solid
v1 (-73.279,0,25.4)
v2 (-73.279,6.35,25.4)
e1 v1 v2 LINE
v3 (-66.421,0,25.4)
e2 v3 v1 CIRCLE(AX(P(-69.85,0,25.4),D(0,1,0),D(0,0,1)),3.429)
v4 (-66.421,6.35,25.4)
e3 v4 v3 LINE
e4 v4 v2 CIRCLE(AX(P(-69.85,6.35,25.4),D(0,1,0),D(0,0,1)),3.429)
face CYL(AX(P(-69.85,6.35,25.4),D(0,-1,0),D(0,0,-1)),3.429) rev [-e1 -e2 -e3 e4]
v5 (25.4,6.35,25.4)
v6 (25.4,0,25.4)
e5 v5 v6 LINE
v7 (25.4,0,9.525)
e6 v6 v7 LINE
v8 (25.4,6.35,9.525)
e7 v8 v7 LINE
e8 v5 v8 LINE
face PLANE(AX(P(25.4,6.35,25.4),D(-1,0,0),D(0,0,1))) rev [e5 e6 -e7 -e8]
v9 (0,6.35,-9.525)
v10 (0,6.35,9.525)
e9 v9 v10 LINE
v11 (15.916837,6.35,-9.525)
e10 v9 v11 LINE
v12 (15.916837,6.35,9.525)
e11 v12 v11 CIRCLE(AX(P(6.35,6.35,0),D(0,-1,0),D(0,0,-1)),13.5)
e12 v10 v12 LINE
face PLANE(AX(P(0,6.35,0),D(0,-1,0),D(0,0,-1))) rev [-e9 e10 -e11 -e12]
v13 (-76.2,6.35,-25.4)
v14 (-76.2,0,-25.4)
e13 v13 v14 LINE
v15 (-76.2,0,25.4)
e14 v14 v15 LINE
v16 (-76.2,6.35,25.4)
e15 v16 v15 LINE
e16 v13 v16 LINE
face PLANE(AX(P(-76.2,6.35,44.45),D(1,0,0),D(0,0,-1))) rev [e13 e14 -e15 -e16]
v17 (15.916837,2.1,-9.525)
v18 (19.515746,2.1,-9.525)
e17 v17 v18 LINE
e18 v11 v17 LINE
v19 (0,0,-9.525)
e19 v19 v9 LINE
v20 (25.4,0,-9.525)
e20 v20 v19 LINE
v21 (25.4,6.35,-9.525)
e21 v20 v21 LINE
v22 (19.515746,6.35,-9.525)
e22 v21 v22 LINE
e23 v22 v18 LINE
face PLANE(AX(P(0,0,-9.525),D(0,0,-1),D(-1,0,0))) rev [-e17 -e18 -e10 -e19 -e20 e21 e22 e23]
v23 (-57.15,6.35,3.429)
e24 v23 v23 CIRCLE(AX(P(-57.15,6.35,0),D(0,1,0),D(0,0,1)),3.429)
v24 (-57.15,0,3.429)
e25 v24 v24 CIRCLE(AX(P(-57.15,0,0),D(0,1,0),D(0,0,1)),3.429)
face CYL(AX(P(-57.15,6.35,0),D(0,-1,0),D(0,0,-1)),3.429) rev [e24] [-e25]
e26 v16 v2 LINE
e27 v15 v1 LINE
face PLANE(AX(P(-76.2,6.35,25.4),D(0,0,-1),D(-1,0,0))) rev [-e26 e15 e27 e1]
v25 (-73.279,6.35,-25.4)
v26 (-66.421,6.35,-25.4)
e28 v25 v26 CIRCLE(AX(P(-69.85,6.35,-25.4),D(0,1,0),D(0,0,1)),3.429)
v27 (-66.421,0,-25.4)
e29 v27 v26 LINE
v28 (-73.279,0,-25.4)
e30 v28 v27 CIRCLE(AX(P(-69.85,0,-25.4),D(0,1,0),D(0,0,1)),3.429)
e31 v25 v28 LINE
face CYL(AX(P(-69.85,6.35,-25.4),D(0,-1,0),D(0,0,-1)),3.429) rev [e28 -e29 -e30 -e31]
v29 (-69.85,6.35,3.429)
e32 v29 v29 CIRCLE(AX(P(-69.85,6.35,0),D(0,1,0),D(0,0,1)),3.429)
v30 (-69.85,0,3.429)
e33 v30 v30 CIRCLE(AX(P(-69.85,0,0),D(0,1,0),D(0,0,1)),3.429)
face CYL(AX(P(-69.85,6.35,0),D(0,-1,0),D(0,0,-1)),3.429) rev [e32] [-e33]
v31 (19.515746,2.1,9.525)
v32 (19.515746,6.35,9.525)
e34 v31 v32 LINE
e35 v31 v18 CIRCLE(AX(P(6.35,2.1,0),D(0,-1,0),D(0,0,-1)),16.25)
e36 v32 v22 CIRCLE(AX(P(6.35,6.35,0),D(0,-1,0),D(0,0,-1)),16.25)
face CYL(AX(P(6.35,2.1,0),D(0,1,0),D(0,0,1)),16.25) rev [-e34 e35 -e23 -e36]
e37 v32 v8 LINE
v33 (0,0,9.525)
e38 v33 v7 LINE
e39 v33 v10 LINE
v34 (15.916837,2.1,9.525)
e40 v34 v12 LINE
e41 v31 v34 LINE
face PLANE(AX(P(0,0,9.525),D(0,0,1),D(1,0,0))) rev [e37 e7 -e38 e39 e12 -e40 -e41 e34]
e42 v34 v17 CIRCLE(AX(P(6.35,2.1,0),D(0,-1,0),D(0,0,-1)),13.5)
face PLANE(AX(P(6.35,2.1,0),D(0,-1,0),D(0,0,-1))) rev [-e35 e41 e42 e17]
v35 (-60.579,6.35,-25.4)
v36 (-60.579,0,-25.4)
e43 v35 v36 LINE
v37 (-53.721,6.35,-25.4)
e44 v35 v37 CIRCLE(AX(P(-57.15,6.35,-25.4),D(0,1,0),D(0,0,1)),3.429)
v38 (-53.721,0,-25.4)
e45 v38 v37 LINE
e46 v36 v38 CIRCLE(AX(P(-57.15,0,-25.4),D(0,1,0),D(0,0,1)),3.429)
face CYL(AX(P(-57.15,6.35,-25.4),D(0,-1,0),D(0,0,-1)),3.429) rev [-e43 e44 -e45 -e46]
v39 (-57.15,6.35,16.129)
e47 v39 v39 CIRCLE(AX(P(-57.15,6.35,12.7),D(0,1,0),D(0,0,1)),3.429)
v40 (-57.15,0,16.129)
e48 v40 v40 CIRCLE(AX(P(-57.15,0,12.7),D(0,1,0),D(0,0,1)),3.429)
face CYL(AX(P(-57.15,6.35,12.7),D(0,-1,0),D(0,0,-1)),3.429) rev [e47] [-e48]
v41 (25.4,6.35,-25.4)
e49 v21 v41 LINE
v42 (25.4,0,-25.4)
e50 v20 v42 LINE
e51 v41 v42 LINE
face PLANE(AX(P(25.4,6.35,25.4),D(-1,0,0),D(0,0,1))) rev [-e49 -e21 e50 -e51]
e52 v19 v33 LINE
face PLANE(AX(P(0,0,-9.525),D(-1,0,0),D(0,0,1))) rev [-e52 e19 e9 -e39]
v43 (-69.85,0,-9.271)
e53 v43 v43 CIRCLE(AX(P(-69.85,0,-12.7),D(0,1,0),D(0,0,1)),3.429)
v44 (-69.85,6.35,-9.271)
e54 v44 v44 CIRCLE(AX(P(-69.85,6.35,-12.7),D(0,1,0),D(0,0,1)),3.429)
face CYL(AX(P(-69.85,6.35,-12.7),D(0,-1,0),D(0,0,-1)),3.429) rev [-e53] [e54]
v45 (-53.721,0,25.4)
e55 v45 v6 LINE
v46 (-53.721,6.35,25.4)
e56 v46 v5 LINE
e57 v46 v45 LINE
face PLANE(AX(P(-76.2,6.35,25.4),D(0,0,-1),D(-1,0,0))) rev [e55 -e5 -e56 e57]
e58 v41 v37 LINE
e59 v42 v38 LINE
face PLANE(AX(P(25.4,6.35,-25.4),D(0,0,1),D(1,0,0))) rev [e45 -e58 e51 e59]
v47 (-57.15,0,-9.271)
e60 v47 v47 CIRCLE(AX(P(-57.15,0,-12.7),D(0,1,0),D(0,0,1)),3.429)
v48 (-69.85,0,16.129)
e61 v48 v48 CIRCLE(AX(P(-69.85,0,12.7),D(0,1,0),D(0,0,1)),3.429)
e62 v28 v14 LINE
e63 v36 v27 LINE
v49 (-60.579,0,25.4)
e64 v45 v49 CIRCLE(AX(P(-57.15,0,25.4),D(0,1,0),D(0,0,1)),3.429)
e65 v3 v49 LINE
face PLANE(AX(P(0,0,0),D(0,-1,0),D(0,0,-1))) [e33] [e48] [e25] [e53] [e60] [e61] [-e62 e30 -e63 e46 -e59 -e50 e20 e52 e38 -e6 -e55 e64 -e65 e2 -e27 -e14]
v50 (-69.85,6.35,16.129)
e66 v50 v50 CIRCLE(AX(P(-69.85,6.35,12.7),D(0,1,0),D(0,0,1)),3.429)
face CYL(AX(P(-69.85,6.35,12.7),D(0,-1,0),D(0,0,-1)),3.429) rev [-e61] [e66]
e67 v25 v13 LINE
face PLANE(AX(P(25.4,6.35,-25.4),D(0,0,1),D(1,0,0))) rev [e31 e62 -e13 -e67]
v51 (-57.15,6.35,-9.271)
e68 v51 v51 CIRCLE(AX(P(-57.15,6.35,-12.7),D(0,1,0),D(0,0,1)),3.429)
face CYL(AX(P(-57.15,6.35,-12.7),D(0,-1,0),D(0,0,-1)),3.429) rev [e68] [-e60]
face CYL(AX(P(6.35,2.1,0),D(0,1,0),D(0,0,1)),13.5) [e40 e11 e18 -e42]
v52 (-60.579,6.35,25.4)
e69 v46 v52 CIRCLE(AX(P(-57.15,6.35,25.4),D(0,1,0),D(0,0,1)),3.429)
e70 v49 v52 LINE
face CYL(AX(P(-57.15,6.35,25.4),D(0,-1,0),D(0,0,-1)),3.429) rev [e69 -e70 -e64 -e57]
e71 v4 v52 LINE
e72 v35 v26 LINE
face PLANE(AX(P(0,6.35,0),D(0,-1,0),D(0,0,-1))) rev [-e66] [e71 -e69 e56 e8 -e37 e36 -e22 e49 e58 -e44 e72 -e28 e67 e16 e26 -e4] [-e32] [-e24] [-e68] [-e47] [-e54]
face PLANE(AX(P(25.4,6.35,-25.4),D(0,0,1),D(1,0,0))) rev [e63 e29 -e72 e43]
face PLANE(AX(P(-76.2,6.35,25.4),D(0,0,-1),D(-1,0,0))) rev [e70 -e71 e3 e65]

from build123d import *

# Parameters (mm, degrees)
SKETCH1_W           = 152.4
SKETCH1_H           = 88.9
SKETCH1_R           = 3.429
BOSS_EXTRUDE1_DEPTH = 6.35
CUT_EXTRUDE3_START  = 6.35
SKETCH2_R           = 16.25
SKETCH2_R_2         = 13.5
CUT_EXTRUDE3_DEPTH  = 4.25
SKETCH3_W           = 76.2
SKETCH3_H           = 19.05
CUT_EXTRUDE4_DEPTH  = 89.44526556
SKETCH4_OUTSIDE_W   = 189.71
SKETCH4_OUTSIDE_H   = 126.21
SKETCH4_OUTSIDE_W_2 = 101.6
SKETCH4_OUTSIDE_H_2 = 50.8
CUT_EXTRUDE6_DEPTH  = 89.44526556


with BuildPart() as part:
    # Sketch1 → Boss-Extrude1 (new body)
    with BuildSketch(Plane(origin=(0, 0, 0), x_dir=(1, 0, 0), z_dir=(0, 1, 0))):
        Rectangle(SKETCH1_W, SKETCH1_H)
        with Locations(Location((-69.85, 38.1, 0), (0, 0, 270))):
            Circle(SKETCH1_R, mode=Mode.SUBTRACT)
        with Locations(Location((-57.15, 38.1, 0), (0, 0, 270))):
            Circle(SKETCH1_R, mode=Mode.SUBTRACT)
        with Locations(Location((-57.15, 25.4, 0), (0, 0, 270))):
            Circle(SKETCH1_R, mode=Mode.SUBTRACT)
        with Locations(Location((-57.15, 12.7, 0), (0, 0, 270))):
            Circle(SKETCH1_R, mode=Mode.SUBTRACT)
        with Locations(Location((-57.15, 0, 0), (0, 0, 270))):
            Circle(SKETCH1_R, mode=Mode.SUBTRACT)
        with Locations(Location((-57.15, -12.7, 0), (0, 0, 270))):
            Circle(SKETCH1_R, mode=Mode.SUBTRACT)
        with Locations(Location((-57.15, -25.4, 0), (0, 0, 270))):
            Circle(SKETCH1_R, mode=Mode.SUBTRACT)
        with Locations(Location((-57.15, -38.1, 0), (0, 0, 270))):
            Circle(SKETCH1_R, mode=Mode.SUBTRACT)
        with Locations(Location((-69.85, 25.4, 0), (0, 0, 270))):
            Circle(SKETCH1_R, mode=Mode.SUBTRACT)
        with Locations(Location((-69.85, 12.7, 0), (0, 0, 270))):
            Circle(SKETCH1_R, mode=Mode.SUBTRACT)
        with Locations(Location((-69.85, 0, 0), (0, 0, 270))):
            Circle(SKETCH1_R, mode=Mode.SUBTRACT)
        with Locations(Location((-69.85, -12.7, 0), (0, 0, 270))):
            Circle(SKETCH1_R, mode=Mode.SUBTRACT)
        with Locations(Location((-69.85, -25.4, 0), (0, 0, 270))):
            Circle(SKETCH1_R, mode=Mode.SUBTRACT)
        with Locations(Location((-69.85, -38.1, 0), (0, 0, 270))):
            Circle(SKETCH1_R, mode=Mode.SUBTRACT)
    extrude(amount=BOSS_EXTRUDE1_DEPTH)

    # Sketch2 → Cut-Extrude3 (cut)
    with BuildSketch(Plane(origin=(0, 0, 0), x_dir=(1, 0, 0), z_dir=(0, 1, 0)).offset(CUT_EXTRUDE3_START)):
        with Locations(Location((6.35, 0, 0), (0, 0, 90))):
            Circle(SKETCH2_R)
        with Locations(Location((6.35, 0, 0), (0, 0, 90))):
            Circle(SKETCH2_R_2, mode=Mode.SUBTRACT)
    extrude(amount=-CUT_EXTRUDE3_DEPTH, mode=Mode.SUBTRACT)

    # Sketch3 → Cut-Extrude4 (cut, through all)
    with BuildSketch(Plane(origin=(0, 6.35, 0), x_dir=(1, 0, 0), z_dir=(0, 1, 0))):
        with Locations((38.1, 0)):
            Rectangle(SKETCH3_W, SKETCH3_H)
    extrude(amount=-CUT_EXTRUDE4_DEPTH, mode=Mode.SUBTRACT)

    # Sketch4 outside → Cut-Extrude6 (cut, through all)
    with BuildSketch(Plane(origin=(0, 0, 0), x_dir=(1, 0, 0), z_dir=(0, 1, 0))):
        Rectangle(SKETCH4_OUTSIDE_W, SKETCH4_OUTSIDE_H)
        with Locations((-25.4, 0)):
            Rectangle(SKETCH4_OUTSIDE_W_2, SKETCH4_OUTSIDE_H_2, mode=Mode.SUBTRACT)
    extrude(amount=CUT_EXTRUDE6_DEPTH, mode=Mode.SUBTRACT)


solid = part.part
